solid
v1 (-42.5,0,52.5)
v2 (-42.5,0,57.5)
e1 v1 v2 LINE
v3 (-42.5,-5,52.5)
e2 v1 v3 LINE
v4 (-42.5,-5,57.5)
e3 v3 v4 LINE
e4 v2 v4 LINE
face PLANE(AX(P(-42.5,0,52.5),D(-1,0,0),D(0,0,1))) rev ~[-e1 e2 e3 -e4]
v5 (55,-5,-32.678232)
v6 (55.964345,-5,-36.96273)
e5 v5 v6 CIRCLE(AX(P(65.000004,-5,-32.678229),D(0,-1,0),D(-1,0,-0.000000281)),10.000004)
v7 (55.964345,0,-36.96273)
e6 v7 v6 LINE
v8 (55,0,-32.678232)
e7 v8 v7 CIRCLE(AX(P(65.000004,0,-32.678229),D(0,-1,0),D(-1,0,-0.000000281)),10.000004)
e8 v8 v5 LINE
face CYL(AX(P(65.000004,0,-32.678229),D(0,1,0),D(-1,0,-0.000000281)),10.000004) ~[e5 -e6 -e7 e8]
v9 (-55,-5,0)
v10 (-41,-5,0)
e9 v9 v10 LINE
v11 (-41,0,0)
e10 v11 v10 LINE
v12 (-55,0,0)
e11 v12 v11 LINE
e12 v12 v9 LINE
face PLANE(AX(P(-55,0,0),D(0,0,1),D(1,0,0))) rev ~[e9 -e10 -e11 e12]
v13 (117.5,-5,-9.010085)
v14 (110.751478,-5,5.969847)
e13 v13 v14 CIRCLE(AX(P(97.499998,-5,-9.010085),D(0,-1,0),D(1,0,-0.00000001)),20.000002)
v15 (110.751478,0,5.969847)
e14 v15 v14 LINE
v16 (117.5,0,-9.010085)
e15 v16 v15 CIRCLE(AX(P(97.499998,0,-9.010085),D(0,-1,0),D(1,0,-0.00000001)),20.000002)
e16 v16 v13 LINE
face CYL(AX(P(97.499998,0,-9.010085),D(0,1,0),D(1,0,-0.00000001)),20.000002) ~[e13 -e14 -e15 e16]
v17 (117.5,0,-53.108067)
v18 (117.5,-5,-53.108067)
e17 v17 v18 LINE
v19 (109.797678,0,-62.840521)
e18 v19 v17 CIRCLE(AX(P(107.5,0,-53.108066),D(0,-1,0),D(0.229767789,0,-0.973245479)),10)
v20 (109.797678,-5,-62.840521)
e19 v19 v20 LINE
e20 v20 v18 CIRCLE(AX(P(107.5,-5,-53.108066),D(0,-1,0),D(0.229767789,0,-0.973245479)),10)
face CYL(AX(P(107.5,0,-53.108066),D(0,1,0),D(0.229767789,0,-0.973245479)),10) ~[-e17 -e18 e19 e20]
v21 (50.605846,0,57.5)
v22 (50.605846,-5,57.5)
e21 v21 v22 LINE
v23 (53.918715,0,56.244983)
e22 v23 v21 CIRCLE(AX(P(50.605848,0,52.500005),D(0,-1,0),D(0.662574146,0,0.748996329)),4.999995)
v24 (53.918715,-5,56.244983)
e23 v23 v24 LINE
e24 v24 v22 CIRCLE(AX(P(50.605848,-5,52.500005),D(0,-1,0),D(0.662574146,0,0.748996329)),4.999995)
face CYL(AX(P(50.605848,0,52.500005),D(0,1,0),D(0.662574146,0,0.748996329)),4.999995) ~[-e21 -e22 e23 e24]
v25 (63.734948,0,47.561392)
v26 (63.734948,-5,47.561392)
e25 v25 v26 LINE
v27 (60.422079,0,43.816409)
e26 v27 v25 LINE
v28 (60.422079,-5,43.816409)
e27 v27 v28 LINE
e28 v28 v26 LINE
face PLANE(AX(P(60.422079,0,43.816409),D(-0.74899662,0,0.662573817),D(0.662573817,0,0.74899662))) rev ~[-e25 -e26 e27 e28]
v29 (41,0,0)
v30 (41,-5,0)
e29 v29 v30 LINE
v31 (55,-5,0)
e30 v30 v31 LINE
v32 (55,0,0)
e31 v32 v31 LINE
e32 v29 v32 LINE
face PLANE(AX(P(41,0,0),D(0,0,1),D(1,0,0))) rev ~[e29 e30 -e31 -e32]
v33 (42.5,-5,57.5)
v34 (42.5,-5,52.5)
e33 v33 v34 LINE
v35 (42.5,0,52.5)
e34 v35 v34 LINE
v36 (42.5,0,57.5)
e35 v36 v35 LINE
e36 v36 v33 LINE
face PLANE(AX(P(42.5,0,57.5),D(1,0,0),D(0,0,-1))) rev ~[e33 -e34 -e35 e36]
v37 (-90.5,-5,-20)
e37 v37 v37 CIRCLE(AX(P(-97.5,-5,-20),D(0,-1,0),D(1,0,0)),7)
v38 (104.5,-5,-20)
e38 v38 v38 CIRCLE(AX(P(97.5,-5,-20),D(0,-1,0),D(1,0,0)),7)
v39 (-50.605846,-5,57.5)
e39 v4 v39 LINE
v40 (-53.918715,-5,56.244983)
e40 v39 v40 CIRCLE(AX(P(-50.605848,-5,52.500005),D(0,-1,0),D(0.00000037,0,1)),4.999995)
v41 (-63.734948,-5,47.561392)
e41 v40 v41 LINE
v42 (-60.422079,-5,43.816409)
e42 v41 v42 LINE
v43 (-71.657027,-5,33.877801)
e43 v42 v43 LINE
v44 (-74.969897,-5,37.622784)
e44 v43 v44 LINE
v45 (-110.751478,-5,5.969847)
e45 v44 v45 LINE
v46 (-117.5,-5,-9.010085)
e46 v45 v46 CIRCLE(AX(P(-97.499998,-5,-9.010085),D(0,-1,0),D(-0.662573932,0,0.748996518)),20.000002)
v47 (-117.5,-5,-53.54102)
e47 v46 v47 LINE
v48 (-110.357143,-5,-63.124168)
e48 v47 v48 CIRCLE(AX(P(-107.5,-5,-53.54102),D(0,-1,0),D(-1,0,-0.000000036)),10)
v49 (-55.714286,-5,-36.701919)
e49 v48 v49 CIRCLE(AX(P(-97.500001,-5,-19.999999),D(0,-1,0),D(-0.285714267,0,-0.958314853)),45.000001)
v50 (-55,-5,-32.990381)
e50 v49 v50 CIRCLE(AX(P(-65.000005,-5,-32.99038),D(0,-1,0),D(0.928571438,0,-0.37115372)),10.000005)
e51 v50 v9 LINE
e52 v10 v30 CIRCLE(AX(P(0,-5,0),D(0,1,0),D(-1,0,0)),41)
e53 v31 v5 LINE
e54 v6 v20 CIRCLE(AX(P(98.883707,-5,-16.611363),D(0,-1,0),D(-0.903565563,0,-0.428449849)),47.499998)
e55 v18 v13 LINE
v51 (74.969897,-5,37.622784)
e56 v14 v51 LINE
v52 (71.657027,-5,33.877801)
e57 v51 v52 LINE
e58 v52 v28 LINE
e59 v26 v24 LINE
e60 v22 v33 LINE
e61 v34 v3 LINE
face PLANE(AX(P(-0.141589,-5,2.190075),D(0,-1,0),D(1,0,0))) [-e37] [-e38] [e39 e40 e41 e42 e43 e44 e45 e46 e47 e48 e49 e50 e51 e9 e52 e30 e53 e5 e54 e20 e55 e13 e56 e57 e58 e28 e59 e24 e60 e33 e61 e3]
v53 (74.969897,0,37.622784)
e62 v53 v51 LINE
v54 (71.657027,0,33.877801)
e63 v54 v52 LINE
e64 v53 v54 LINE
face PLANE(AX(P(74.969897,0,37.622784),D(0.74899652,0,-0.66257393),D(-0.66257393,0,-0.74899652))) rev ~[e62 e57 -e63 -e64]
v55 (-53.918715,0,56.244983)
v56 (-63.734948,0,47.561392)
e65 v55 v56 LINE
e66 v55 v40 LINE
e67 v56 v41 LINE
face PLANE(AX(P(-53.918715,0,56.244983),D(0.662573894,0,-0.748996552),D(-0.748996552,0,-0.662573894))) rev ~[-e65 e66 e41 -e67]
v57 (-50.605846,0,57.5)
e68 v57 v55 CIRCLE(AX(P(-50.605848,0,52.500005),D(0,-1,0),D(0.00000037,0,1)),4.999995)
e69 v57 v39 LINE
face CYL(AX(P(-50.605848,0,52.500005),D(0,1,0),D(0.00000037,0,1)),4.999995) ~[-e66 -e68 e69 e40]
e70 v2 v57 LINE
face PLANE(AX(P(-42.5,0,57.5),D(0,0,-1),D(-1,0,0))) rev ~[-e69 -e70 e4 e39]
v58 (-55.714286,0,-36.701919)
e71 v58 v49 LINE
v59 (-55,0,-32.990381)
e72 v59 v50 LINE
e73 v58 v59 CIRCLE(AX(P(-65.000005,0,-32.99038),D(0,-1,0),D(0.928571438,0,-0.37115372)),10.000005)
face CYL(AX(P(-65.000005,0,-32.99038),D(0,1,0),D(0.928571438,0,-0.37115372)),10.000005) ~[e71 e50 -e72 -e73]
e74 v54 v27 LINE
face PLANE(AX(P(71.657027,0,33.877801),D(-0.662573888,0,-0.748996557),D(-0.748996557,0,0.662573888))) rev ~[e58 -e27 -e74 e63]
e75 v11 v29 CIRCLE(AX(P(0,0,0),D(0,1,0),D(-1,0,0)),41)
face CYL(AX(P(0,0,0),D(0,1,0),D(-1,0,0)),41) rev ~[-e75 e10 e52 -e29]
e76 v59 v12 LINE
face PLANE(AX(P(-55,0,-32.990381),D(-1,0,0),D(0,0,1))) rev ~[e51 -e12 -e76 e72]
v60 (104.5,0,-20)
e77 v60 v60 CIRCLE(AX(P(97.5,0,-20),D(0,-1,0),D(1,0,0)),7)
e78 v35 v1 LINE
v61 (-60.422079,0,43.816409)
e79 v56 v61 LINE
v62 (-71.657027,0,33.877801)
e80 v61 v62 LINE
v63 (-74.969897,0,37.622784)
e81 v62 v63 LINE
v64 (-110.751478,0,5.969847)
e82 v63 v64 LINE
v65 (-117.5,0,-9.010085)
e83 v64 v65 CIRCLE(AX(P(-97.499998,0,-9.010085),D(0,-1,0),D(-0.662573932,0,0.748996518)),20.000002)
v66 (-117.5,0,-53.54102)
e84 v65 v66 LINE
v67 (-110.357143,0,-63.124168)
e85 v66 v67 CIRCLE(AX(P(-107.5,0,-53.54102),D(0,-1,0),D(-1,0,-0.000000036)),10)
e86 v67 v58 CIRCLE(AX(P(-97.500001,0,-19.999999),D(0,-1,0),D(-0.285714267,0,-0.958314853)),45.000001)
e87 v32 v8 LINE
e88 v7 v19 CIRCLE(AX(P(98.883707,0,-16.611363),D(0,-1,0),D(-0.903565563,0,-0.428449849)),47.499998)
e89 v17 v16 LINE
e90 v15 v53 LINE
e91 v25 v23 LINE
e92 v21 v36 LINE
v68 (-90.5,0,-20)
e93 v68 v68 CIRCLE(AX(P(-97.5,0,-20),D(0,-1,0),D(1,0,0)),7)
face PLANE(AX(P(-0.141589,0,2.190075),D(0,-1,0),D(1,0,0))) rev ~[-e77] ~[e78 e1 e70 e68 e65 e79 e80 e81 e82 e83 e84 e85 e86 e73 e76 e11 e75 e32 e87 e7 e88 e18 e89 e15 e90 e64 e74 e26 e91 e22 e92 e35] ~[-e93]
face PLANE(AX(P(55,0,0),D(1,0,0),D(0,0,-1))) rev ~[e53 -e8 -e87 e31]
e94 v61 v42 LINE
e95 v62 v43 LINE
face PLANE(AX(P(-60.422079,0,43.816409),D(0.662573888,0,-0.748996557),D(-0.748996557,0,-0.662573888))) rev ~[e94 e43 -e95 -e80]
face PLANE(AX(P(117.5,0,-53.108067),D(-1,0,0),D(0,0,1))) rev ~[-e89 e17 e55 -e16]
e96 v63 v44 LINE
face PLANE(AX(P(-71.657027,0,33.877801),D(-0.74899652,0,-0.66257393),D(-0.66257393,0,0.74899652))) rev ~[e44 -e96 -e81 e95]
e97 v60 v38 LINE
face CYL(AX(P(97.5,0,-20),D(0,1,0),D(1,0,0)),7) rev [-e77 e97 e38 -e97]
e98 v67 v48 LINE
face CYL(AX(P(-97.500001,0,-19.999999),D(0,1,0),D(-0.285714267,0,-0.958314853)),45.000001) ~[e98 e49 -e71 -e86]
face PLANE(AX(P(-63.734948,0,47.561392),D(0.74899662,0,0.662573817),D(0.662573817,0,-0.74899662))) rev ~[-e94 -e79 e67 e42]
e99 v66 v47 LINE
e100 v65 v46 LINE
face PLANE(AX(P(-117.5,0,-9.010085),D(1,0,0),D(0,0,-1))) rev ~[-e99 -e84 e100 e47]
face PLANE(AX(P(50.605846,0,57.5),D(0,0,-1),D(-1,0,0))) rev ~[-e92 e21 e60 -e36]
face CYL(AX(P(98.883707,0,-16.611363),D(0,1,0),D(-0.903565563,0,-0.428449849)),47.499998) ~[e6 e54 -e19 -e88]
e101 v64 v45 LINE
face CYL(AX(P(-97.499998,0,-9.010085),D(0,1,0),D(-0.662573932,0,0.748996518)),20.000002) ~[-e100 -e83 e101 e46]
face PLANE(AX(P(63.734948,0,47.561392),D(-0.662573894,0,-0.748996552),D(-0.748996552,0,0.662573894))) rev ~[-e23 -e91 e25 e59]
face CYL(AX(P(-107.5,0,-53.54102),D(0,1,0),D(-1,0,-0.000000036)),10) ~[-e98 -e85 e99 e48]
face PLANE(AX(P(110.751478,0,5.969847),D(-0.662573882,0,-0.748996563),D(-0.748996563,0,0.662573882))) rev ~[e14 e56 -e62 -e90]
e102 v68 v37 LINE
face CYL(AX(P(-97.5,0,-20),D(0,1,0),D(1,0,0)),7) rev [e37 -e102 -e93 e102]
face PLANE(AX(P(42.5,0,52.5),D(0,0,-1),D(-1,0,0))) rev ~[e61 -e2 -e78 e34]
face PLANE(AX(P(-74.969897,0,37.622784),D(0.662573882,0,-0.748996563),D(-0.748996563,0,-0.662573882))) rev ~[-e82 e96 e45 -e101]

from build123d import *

# Parameters (mm, degrees)
F0_R     = 7
F1_DEPTH = 5


with BuildPart() as f1:
    # F0 (on Front) → F1 (new body)
    with BuildSketch(Plane.XZ):
        with BuildLine():
            ThreePointArc((-41, 0), (0, 41), (41, 0))
            Line((41, 0), (55, 0))
            Line((55, 0), (55, -32.678232))
            ThreePointArc((55, -32.678232), (55.244065, -34.874074), (55.964345, -36.96273))
            ThreePointArc((55.964345, -36.96273), (78.30456, -59.421975), (109.797678, -62.840521))
            ThreePointArc((109.797678, -62.840521), (115.341453, -59.313839), (117.5, -53.108067))
            Line((117.5, -53.108067), (117.5, -9.010085))
            ThreePointArc((117.5, -9.010085), (115.734988, -0.795146), (110.751478, 5.969847))
            Line((110.751478, 5.969847), (74.969897, 37.622784))
            Line((74.969897, 37.622784), (71.657027, 33.877801))
            Line((71.657027, 33.877801), (60.422079, 43.816409))
            Line((60.422079, 43.816409), (63.734948, 47.561392))
            Line((63.734948, 47.561392), (53.918715, 56.244983))
            ThreePointArc((53.918715, 56.244983), (52.377157, 57.175731), (50.605846, 57.5))
            Line((50.605846, 57.5), (42.5, 57.5))
            Line((42.5, 57.5), (42.5, 52.5))
            Line((42.5, 52.5), (-42.5, 52.5))
            Line((-42.5, 52.5), (-42.5, 57.5))
            Line((-42.5, 57.5), (-50.605846, 57.5))
            ThreePointArc((-50.605846, 57.5), (-52.377157, 57.175731), (-53.918715, 56.244983))
            Line((-53.918715, 56.244983), (-63.734948, 47.561392))
            Line((-63.734948, 47.561392), (-60.422079, 43.816409))
            Line((-60.422079, 43.816409), (-71.657027, 33.877801))
            Line((-71.657027, 33.877801), (-74.969897, 37.622784))
            Line((-74.969897, 37.622784), (-110.751478, 5.969847))
            ThreePointArc((-110.751478, 5.969847), (-115.734988, -0.795146), (-117.5, -9.010085))
            Line((-117.5, -9.010085), (-117.5, -53.54102))
            ThreePointArc((-117.5, -53.54102), (-115.517837, -59.517163), (-110.357143, -63.124168))
            ThreePointArc((-110.357143, -63.124168), (-77.910478, -60.512351), (-55.714286, -36.701919))
            ThreePointArc((-55.714286, -36.701919), (-55.180195, -34.880203), (-55, -32.990381))
            Line((-55, -32.990381), (-55, 0))
            Line((-55, 0), (-41, 0))
        make_face()
        with Locations((-97.5, -20)):
            Circle(F0_R, mode=Mode.SUBTRACT)
        with Locations((97.5, -20)):
            Circle(F0_R, mode=Mode.SUBTRACT)
    extrude(amount=F1_DEPTH)


solid = f1.part
